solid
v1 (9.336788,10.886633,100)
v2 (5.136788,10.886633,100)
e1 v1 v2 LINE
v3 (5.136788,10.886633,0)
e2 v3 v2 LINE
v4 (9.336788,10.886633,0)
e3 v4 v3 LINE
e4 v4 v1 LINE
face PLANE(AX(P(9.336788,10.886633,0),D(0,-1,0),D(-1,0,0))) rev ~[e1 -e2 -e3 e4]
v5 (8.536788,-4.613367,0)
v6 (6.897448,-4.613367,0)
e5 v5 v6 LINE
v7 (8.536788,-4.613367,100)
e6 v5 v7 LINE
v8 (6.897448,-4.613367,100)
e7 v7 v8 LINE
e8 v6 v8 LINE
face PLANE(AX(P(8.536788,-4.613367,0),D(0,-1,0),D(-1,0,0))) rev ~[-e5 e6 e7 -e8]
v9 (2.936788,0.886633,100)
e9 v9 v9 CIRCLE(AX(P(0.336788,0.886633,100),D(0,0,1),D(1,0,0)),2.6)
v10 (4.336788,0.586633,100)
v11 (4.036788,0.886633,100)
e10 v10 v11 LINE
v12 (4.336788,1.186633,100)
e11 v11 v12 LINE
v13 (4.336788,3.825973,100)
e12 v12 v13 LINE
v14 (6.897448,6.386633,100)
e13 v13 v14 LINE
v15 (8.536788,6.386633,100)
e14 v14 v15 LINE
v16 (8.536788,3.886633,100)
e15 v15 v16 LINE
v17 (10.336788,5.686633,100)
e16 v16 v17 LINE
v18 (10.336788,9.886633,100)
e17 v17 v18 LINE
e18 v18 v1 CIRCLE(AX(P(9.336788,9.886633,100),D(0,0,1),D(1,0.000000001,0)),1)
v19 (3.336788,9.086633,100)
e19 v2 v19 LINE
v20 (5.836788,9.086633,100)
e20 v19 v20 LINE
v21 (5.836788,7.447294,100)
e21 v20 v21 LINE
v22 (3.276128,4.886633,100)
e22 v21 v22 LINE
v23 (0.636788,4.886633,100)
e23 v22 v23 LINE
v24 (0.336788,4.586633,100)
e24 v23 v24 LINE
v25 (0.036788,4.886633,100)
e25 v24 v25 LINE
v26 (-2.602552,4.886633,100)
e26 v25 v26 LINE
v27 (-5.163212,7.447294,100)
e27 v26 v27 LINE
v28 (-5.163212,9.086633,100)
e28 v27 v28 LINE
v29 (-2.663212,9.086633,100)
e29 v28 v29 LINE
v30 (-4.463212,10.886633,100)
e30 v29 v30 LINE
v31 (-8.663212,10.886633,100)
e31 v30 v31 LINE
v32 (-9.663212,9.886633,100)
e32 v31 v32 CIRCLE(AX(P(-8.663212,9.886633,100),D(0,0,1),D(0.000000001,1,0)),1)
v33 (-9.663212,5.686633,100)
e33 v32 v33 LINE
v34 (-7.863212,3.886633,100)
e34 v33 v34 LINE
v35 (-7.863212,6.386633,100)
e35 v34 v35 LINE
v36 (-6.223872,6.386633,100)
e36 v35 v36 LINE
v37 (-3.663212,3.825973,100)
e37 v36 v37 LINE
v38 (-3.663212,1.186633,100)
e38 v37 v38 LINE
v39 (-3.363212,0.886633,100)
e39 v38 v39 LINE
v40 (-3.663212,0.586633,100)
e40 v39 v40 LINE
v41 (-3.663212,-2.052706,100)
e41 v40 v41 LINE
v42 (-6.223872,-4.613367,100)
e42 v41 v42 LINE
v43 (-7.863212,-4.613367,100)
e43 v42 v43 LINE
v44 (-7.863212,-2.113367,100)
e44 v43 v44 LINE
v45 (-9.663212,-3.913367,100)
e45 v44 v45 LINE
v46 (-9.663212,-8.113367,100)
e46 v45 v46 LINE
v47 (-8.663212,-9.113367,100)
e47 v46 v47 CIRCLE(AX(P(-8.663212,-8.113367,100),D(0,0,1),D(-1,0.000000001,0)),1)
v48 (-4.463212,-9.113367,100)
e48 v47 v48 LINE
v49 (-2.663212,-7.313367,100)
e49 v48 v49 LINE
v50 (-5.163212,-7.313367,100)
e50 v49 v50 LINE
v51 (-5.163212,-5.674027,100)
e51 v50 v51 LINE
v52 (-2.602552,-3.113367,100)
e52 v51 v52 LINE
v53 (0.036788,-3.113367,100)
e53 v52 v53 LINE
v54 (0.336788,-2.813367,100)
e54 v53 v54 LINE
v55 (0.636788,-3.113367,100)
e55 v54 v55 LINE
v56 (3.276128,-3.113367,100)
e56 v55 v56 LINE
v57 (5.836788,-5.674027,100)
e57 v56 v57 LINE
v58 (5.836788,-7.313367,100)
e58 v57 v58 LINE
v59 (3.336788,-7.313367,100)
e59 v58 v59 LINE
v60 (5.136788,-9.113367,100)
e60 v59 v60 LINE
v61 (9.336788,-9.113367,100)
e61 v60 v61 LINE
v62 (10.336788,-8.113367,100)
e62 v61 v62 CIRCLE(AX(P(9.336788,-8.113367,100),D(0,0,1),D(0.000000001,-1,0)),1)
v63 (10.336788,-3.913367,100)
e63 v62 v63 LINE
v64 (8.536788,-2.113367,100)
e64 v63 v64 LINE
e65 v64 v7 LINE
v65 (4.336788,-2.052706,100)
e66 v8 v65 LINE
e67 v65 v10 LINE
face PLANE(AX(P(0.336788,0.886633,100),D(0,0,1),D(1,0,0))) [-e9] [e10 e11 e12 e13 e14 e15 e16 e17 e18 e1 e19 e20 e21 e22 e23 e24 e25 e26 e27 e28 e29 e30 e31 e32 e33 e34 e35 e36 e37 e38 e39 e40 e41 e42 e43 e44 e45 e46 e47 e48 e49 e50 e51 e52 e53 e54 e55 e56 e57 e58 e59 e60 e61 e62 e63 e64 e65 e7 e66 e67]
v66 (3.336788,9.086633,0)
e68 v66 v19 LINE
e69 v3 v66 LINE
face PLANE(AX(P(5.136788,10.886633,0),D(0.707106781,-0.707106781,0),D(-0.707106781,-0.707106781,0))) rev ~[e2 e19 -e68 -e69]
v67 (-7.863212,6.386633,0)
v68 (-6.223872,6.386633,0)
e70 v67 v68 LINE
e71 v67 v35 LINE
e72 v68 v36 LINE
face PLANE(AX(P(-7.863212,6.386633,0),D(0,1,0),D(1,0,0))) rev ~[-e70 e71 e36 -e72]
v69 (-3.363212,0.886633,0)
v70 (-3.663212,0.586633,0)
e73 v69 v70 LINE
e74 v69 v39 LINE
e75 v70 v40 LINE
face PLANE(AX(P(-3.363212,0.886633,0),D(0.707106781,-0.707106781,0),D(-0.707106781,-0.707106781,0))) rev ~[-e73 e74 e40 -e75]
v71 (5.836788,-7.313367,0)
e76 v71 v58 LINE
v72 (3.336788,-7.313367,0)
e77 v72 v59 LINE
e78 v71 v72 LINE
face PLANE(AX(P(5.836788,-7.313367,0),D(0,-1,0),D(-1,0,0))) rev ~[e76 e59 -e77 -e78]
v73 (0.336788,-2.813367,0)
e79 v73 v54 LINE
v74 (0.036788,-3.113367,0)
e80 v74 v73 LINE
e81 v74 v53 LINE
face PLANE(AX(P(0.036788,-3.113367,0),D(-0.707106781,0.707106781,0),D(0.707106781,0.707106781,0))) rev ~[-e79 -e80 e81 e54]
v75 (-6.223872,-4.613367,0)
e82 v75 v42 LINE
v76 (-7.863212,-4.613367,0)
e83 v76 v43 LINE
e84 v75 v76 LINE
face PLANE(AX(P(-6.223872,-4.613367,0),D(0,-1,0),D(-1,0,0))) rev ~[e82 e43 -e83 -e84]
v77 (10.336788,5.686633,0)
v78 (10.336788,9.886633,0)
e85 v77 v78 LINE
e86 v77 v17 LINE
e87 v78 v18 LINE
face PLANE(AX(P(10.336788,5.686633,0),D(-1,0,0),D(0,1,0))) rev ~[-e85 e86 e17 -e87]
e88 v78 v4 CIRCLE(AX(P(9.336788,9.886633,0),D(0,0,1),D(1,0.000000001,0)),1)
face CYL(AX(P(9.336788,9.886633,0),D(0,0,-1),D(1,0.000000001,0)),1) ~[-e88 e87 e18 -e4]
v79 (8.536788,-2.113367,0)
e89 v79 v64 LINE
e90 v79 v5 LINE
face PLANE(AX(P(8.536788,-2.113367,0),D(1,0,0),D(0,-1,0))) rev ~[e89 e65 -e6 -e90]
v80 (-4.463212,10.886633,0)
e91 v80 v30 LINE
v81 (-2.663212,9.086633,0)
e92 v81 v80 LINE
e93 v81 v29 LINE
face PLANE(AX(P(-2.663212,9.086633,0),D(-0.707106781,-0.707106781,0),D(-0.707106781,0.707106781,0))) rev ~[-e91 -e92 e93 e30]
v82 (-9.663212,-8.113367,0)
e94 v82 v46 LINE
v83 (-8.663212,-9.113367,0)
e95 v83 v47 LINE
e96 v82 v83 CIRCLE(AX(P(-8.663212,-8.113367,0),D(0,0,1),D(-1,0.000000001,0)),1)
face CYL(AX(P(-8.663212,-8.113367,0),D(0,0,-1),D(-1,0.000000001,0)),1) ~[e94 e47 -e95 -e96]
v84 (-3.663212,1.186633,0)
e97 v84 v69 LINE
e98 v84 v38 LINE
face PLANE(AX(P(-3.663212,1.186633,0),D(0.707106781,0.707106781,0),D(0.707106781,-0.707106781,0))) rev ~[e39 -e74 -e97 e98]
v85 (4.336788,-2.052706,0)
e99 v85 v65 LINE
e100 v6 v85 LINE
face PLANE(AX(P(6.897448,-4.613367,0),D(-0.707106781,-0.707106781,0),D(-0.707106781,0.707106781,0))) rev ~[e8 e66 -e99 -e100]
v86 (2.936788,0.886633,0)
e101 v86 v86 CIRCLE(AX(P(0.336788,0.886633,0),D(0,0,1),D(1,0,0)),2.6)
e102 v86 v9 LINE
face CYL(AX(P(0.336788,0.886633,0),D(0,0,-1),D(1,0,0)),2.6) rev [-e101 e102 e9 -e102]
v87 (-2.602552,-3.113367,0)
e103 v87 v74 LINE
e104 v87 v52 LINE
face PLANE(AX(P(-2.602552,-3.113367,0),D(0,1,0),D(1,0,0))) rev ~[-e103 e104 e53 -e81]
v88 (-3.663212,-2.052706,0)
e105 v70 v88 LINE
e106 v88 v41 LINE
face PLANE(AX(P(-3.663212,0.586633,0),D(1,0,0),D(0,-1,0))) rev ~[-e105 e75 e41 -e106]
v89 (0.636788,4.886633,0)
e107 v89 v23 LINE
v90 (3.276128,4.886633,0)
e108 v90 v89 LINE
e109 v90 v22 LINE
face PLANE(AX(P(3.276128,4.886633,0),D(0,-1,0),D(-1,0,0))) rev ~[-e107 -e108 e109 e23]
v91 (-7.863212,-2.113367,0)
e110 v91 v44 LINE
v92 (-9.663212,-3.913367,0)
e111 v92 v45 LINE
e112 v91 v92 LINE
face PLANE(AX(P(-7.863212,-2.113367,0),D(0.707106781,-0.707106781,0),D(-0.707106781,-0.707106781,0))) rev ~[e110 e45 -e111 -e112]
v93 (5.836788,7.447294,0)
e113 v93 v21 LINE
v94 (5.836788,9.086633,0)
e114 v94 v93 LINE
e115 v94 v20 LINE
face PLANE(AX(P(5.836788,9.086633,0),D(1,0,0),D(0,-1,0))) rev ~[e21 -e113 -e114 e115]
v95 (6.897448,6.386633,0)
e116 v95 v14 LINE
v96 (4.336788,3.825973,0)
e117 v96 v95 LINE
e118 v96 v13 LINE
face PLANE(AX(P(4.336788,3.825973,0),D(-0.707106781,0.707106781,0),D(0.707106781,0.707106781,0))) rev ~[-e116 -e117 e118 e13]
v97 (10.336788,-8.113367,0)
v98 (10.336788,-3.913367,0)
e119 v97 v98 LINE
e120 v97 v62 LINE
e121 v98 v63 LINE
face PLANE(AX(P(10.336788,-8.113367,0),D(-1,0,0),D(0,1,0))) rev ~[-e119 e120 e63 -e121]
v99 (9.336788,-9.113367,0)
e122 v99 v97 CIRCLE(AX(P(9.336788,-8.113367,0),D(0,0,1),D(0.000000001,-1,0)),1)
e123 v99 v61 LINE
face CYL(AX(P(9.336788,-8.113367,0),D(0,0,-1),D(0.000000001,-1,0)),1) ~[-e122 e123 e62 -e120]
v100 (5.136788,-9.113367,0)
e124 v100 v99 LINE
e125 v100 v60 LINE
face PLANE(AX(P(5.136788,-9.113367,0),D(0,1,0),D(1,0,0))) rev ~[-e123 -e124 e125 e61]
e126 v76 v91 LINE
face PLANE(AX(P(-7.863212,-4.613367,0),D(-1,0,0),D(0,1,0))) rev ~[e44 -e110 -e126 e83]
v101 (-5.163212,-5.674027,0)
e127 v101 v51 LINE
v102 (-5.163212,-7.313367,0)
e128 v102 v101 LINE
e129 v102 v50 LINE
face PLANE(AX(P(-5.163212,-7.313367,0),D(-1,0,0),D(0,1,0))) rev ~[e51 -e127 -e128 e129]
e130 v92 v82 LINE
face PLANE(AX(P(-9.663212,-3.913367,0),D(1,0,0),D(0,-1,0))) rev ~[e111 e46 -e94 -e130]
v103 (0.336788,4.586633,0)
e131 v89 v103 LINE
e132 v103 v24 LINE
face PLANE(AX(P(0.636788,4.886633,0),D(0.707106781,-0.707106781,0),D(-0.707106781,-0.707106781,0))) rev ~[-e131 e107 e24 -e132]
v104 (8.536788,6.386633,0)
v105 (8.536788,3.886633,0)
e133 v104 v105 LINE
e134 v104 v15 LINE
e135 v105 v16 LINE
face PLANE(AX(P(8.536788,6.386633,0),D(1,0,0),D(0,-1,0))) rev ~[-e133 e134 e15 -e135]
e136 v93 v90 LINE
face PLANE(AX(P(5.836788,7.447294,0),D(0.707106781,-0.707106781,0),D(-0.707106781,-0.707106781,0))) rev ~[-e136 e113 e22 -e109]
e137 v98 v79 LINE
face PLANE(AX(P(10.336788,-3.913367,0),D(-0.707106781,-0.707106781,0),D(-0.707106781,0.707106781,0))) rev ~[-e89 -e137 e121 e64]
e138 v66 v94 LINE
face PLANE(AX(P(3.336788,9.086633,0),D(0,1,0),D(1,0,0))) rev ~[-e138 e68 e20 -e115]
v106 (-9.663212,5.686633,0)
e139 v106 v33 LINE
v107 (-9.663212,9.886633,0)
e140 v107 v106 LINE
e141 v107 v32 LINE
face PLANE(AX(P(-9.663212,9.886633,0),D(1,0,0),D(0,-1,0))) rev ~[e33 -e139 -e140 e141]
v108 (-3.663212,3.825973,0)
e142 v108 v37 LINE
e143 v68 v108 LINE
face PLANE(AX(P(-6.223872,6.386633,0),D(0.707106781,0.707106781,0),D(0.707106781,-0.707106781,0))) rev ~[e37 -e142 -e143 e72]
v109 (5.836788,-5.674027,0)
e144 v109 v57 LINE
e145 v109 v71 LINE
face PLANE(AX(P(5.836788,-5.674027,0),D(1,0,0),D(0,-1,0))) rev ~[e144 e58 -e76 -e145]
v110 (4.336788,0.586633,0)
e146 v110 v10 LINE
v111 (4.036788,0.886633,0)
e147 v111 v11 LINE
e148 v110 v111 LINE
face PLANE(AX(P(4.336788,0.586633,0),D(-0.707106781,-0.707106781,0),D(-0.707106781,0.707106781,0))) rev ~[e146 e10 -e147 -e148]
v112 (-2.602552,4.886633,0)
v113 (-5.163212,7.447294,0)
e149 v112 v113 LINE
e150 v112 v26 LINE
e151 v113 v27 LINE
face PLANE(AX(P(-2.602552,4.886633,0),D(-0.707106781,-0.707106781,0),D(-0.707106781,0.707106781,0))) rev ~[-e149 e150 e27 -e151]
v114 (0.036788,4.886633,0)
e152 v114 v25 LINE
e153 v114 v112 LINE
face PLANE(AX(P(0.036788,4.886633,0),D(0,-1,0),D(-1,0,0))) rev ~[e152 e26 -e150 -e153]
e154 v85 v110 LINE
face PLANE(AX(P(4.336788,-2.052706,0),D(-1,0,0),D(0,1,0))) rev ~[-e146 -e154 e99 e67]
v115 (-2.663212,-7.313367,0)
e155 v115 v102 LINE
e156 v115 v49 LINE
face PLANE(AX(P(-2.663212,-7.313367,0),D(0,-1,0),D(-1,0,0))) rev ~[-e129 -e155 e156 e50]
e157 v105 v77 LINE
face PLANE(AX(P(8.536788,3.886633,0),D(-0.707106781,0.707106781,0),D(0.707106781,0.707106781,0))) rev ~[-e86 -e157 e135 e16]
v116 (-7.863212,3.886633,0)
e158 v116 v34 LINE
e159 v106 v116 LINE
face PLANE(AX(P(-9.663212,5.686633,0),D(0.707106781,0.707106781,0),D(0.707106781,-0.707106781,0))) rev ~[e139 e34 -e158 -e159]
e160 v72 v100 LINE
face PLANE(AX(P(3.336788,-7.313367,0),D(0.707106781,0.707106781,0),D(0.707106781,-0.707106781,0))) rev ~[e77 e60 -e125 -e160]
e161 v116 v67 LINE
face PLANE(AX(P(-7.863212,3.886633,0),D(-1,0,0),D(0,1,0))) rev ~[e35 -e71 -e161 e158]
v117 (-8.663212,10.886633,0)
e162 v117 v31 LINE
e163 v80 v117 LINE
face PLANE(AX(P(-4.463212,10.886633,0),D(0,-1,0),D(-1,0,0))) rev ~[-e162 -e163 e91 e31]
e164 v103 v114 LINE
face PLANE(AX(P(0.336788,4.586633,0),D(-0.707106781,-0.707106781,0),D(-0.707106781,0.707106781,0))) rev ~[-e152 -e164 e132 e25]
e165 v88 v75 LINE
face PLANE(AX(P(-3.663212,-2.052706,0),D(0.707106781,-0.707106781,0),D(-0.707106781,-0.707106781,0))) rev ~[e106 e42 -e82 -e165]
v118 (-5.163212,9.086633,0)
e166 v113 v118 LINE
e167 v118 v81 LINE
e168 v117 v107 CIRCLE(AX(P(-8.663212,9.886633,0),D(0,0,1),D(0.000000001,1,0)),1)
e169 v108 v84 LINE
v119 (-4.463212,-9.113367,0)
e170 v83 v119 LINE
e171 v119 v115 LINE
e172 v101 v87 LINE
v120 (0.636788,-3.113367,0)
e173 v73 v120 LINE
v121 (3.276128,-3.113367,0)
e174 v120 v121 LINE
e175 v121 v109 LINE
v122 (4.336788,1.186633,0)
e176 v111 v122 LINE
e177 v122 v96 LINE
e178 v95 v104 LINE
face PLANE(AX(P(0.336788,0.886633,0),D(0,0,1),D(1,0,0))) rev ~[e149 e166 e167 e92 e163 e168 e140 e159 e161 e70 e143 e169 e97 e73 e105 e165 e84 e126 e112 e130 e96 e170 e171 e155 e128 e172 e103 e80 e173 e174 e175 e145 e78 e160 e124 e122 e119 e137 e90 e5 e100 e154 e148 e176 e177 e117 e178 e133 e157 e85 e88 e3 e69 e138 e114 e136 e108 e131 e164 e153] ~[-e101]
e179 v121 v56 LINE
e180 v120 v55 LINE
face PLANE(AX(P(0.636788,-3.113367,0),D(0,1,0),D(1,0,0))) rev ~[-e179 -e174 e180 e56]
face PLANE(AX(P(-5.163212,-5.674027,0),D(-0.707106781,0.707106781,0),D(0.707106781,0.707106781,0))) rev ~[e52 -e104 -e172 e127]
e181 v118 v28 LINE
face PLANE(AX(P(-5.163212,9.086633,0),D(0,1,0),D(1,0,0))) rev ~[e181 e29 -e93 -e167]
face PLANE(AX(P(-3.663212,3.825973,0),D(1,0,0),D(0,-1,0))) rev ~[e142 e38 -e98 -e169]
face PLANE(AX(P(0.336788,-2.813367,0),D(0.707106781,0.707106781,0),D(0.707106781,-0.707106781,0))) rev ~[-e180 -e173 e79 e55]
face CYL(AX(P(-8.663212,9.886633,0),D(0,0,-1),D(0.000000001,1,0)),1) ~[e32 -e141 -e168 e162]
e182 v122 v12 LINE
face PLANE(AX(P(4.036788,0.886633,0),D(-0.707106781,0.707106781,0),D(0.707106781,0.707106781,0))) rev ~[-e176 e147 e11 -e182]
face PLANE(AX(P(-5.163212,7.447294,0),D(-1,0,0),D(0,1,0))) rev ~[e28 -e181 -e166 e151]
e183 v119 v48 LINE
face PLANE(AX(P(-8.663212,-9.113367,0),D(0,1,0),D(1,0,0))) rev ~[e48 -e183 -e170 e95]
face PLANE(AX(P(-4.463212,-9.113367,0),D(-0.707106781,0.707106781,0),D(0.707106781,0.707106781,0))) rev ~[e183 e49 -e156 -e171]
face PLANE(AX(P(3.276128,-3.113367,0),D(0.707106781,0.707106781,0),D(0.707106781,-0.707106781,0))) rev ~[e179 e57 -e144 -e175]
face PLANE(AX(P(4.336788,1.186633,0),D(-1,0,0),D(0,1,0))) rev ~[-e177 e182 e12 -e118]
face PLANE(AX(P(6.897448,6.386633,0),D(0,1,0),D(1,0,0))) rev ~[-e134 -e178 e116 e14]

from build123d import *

# Parameters (mm, degrees)
SKETCH1_R           = 2.6
BOSS_EXTRUDE1_DEPTH = 100


with BuildPart() as part:
    # Sketch1 → Boss-Extrude1 (new body)
    with BuildSketch(Plane.XY):
        with BuildLine():
            Line((10.336788111, -8.113366567), (10.336788111, -3.913366567))
            Line((10.336788111, -3.913366567), (8.536788111, -2.113366567))
            Line((8.536788111, -2.113366567), (8.536788111, -4.613366567))
            Line((8.536788111, -4.613366567), (6.897448282, -4.613366567))
            Line((6.897448282, -4.613366567), (4.336788111, -2.052706395))
            Line((4.336788111, -2.052706395), (4.336788111, 0.586633433))
            Line((4.336788111, 0.586633433), (4.036788111, 0.886633433))
            Line((4.036788111, 0.886633433), (4.336788111, 1.186633433))
            Line((4.336788111, 1.186633433), (4.336788111, 3.825973261))
            Line((4.336788111, 3.825973261), (6.897448282, 6.386633433))
            Line((6.897448282, 6.386633433), (8.536788111, 6.386633433))
            Line((8.536788111, 6.386633433), (8.536788111, 3.886633433))
            Line((8.536788111, 3.886633433), (10.336788111, 5.686633433))
            Line((10.336788111, 5.686633433), (10.336788111, 9.886633433))
            ThreePointArc((10.336788111, 9.886633433), (10.043894892, 10.593740214), (9.336788111, 10.886633433))
            Line((9.336788111, 10.886633433), (5.136788111, 10.886633433))
            Line((5.136788111, 10.886633433), (3.336788111, 9.086633433))
            Line((3.336788111, 9.086633433), (5.836788111, 9.086633433))
            Line((5.836788111, 9.086633433), (5.836788111, 7.447293605))
            Line((5.836788111, 7.447293605), (3.276127939, 4.886633433))
            Line((3.276127939, 4.886633433), (0.636788111, 4.886633433))
            Line((0.636788111, 4.886633433), (0.336788111, 4.586633433))
            Line((0.336788111, 4.586633433), (0.036788111, 4.886633433))
            Line((0.036788111, 4.886633433), (-2.602551718, 4.886633433))
            Line((-2.602551718, 4.886633433), (-5.163211889, 7.447293605))
            Line((-5.163211889, 7.447293605), (-5.163211889, 9.086633433))
            Line((-5.163211889, 9.086633433), (-2.663211889, 9.086633433))
            Line((-2.663211889, 9.086633433), (-4.463211889, 10.886633433))
            Line((-4.463211889, 10.886633433), (-8.663211889, 10.886633433))
            ThreePointArc((-8.663211889, 10.886633433), (-9.370318671, 10.593740214), (-9.663211889, 9.886633433))
            Line((-9.663211889, 9.886633433), (-9.663211889, 5.686633433))
            Line((-9.663211889, 5.686633433), (-7.863211889, 3.886633433))
            Line((-7.863211889, 3.886633433), (-7.863211889, 6.386633433))
            Line((-7.863211889, 6.386633433), (-6.223872061, 6.386633433))
            Line((-6.223872061, 6.386633433), (-3.663211889, 3.825973261))
            Line((-3.663211889, 3.825973261), (-3.663211889, 1.186633433))
            Line((-3.663211889, 1.186633433), (-3.363211889, 0.886633433))
            Line((-3.363211889, 0.886633433), (-3.663211889, 0.586633433))
            Line((-3.663211889, 0.586633433), (-3.663211889, -2.052706395))
            Line((-3.663211889, -2.052706395), (-6.223872061, -4.613366567))
            Line((-6.223872061, -4.613366567), (-7.863211889, -4.613366567))
            Line((-7.863211889, -4.613366567), (-7.863211889, -2.113366567))
            Line((-7.863211889, -2.113366567), (-9.663211889, -3.913366567))
            Line((-9.663211889, -3.913366567), (-9.663211889, -8.113366567))
            ThreePointArc((-9.663211889, -8.113366567), (-9.370318671, -8.820473348), (-8.663211889, -9.113366567))
            Line((-8.663211889, -9.113366567), (-4.463211889, -9.113366567))
            Line((-4.463211889, -9.113366567), (-2.663211889, -7.313366567))
            Line((-2.663211889, -7.313366567), (-5.163211889, -7.313366567))
            Line((-5.163211889, -7.313366567), (-5.163211889, -5.674026739))
            Line((-5.163211889, -5.674026739), (-2.602551718, -3.113366567))
            Line((-2.602551718, -3.113366567), (0.036788111, -3.113366567))
            Line((0.036788111, -3.113366567), (0.336788111, -2.813366567))
            Line((0.336788111, -2.813366567), (0.636788111, -3.113366567))
            Line((0.636788111, -3.113366567), (3.276127939, -3.113366567))
            Line((3.276127939, -3.113366567), (5.836788111, -5.674026739))
            Line((5.836788111, -5.674026739), (5.836788111, -7.313366567))
            Line((5.836788111, -7.313366567), (3.336788111, -7.313366567))
            Line((3.336788111, -7.313366567), (5.136788111, -9.113366567))
            Line((5.136788111, -9.113366567), (9.336788111, -9.113366567))
            ThreePointArc((9.336788111, -9.113366567), (10.043894892, -8.820473348), (10.336788111, -8.113366567))
        make_face()
        with Locations((0.336788111, 0.886633433)):
            Circle(SKETCH1_R, mode=Mode.SUBTRACT)
    extrude(amount=BOSS_EXTRUDE1_DEPTH)


solid = part.part
